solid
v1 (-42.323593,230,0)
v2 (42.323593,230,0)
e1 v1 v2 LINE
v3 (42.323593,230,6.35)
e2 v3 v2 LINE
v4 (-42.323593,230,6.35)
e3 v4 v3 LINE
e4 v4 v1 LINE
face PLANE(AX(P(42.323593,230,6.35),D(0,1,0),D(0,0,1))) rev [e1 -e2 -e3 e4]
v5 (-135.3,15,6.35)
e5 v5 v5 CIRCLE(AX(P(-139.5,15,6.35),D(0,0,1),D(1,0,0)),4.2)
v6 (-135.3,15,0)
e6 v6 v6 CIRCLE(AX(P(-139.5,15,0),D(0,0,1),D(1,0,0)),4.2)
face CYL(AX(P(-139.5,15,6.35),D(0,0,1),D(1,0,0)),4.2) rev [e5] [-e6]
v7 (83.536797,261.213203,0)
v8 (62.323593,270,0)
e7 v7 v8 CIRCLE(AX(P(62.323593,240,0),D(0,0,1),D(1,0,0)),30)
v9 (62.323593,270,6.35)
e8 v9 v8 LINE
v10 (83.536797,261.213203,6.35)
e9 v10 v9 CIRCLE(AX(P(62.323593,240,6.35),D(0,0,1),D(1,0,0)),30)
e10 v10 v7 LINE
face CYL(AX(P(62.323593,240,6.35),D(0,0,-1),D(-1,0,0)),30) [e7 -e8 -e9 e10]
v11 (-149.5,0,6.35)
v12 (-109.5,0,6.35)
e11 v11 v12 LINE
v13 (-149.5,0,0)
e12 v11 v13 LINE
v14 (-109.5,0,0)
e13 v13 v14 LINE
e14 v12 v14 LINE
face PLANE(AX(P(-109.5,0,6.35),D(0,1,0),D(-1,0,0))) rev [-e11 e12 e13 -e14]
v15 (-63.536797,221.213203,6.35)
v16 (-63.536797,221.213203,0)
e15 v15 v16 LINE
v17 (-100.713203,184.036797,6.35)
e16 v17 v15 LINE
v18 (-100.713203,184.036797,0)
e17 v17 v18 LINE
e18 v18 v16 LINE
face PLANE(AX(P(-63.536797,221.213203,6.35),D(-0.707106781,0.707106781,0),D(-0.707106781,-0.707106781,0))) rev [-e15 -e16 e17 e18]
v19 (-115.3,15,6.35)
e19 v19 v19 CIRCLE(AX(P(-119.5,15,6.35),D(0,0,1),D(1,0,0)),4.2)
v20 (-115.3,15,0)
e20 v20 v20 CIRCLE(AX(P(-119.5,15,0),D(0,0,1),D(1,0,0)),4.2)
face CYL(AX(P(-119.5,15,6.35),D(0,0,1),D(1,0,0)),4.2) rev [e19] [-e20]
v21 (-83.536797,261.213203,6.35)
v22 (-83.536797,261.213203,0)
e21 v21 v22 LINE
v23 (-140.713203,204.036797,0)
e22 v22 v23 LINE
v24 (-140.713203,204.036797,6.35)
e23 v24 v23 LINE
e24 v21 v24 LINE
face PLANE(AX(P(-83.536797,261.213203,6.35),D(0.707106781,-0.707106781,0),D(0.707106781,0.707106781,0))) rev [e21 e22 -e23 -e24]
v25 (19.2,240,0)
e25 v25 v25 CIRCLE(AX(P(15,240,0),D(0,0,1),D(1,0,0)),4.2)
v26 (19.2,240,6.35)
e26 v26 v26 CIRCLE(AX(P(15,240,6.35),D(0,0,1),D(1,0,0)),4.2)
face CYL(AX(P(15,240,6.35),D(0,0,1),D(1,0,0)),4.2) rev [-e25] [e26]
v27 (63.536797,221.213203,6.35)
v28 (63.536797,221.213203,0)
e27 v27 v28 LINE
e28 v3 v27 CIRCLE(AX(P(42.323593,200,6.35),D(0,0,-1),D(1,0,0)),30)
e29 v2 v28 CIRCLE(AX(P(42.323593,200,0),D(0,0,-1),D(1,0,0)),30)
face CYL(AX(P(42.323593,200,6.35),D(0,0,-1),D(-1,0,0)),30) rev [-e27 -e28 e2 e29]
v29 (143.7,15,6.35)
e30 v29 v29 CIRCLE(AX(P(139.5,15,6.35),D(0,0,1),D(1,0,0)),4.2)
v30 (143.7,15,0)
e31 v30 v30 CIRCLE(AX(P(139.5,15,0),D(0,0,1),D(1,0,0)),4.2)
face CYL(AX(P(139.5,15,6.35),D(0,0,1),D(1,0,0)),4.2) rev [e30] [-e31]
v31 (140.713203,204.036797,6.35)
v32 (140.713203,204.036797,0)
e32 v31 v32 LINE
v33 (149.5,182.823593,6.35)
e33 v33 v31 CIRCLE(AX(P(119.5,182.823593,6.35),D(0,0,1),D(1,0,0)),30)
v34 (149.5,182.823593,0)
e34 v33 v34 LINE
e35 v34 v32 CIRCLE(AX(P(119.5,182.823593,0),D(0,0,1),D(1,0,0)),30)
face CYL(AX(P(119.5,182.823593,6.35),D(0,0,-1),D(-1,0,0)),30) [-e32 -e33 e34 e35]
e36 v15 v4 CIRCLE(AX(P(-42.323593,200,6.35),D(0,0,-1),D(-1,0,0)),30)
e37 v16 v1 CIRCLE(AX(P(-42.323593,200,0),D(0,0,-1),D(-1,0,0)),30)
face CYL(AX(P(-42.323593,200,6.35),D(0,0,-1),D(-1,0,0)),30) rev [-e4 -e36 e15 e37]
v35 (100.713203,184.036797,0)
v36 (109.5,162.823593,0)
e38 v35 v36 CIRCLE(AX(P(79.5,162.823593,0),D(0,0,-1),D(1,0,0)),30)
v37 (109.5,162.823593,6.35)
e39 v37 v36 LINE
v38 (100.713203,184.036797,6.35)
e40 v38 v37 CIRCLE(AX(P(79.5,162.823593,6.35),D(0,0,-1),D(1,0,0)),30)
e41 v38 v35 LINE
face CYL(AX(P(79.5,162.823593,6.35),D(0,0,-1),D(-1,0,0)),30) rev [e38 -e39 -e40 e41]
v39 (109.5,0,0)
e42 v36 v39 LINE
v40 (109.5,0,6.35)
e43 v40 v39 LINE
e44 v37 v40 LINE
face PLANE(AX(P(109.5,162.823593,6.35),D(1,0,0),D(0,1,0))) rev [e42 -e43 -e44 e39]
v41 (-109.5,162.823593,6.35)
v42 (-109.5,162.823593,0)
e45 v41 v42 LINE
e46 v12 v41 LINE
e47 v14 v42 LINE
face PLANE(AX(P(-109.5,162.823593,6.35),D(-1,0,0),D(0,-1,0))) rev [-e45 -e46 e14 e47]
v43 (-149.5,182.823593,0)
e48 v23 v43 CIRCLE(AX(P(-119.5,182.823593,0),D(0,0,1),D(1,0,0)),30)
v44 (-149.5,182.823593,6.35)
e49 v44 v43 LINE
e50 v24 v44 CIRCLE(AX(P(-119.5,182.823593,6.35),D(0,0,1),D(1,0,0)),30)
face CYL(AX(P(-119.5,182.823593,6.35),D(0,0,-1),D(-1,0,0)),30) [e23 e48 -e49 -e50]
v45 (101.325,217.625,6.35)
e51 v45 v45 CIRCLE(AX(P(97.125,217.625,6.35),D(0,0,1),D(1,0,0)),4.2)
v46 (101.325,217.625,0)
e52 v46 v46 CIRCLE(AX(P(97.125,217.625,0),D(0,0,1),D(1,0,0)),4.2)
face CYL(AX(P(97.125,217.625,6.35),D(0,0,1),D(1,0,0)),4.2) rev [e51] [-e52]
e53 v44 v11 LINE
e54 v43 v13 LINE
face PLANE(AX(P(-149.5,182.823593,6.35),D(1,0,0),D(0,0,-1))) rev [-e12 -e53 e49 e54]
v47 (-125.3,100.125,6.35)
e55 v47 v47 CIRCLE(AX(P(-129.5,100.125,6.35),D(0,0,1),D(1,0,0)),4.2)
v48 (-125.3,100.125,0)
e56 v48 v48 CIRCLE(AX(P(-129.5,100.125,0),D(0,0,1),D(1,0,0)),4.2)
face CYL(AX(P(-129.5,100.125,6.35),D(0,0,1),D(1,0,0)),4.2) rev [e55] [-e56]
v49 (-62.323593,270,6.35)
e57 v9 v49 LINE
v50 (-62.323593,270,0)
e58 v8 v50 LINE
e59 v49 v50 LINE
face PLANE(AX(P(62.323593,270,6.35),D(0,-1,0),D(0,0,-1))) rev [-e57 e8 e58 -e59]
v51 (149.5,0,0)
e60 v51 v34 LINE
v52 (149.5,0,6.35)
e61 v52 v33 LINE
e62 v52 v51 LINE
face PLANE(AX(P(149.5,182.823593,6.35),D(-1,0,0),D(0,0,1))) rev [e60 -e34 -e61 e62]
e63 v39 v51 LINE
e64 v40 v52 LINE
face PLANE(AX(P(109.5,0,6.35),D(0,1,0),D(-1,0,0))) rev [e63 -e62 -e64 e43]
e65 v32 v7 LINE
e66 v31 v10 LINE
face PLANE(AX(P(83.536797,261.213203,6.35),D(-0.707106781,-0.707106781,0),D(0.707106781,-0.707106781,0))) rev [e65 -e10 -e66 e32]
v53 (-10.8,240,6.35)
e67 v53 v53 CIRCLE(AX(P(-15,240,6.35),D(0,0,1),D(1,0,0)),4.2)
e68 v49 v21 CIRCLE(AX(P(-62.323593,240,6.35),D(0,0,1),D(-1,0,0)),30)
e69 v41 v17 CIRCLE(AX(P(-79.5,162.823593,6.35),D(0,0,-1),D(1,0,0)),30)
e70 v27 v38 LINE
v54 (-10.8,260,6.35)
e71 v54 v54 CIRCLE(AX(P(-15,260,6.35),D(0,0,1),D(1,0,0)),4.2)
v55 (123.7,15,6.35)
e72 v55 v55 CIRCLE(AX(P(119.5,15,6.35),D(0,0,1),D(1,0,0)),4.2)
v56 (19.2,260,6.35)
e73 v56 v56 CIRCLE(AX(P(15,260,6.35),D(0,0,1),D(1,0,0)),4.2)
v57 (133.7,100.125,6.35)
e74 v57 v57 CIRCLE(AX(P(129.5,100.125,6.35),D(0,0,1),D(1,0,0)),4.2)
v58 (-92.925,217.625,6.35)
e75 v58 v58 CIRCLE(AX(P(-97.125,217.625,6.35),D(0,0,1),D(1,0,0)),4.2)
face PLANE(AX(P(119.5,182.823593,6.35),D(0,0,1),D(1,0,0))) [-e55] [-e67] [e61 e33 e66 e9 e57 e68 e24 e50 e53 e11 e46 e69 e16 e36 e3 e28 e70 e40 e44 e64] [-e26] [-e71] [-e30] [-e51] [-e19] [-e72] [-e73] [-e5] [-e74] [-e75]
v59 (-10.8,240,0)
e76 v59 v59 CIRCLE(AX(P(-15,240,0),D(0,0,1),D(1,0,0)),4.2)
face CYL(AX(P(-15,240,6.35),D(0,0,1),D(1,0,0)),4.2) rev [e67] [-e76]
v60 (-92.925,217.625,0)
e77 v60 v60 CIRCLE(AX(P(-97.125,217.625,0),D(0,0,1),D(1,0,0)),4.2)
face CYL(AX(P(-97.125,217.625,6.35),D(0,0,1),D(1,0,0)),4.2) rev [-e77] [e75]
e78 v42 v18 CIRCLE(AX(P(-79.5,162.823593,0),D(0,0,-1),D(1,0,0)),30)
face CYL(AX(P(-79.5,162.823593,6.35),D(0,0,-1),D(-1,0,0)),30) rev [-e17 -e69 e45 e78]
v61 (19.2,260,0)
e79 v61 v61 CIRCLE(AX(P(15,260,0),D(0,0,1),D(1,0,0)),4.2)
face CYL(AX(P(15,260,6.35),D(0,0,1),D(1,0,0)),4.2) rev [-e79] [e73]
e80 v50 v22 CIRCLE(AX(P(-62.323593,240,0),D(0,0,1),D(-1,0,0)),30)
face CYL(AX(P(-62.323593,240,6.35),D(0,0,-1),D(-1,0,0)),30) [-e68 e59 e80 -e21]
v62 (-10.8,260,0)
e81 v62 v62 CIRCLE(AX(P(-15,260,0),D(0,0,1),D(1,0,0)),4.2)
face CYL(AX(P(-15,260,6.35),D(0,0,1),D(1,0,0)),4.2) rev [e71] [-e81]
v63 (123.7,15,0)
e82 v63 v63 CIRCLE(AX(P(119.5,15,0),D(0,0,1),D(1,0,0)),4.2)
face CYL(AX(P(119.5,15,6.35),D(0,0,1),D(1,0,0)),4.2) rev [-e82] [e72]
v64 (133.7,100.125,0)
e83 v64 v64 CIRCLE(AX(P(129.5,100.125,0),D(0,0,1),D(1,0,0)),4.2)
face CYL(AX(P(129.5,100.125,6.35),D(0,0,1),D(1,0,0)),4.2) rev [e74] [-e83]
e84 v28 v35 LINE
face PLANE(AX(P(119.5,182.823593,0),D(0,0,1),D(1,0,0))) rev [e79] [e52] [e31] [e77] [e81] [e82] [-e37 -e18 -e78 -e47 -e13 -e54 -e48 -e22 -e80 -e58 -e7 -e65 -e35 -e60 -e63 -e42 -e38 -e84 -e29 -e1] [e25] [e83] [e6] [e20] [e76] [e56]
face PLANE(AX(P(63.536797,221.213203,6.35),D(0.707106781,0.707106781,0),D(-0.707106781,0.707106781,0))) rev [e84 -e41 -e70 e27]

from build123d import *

# Parameters (mm, degrees)
SALIENTE_EXTRUIR1_DEPTH      = 6.35
TALADRO_DE_MARGEN_PARA_M81_D = 8.4


with BuildPart() as part:
    # Croquis1 → Saliente-Extruir1 (new body)
    with BuildSketch(Plane.XY):
        with BuildLine():
            Line((-63.536796564, 221.213203436), (-100.713203436, 184.036796564))
            ThreePointArc((-100.713203436, 184.036796564), (-107.216385975, 174.3040961), (-109.5, 162.823593129))
            Line((-109.5, 162.823593129), (-109.5, 0))
            Line((-109.5, 0), (-149.5, 0))
            Line((-149.5, 0), (-149.5, 182.823593129))
            ThreePointArc((-149.5, 182.823593129), (-147.216385975, 194.3040961), (-140.713203436, 204.036796564))
            Line((-140.713203436, 204.036796564), (-83.536796564, 261.213203436))
            ThreePointArc((-83.536796564, 261.213203436), (-73.8040961, 267.716385975), (-62.323593129, 270))
            Line((-62.323593129, 270), (62.323593129, 270))
            ThreePointArc((62.323593129, 270), (73.8040961, 267.716385975), (83.536796564, 261.213203436))
            Line((83.536796564, 261.213203436), (140.713203436, 204.036796564))
            ThreePointArc((140.713203436, 204.036796564), (147.216385975, 194.3040961), (149.5, 182.823593129))
            Line((149.5, 182.823593129), (149.5, 0))
            Line((149.5, 0), (109.5, 0))
            Line((109.5, 0), (109.5, 162.823593129))
            ThreePointArc((109.5, 162.823593129), (107.216385975, 174.3040961), (100.713203436, 184.036796564))
            Line((100.713203436, 184.036796564), (63.536796564, 221.213203436))
            ThreePointArc((63.536796564, 221.213203436), (53.8040961, 227.716385975), (42.323593129, 230))
            Line((42.323593129, 230), (-42.323593129, 230))
            ThreePointArc((-42.323593129, 230), (-53.8040961, 227.716385975), (-63.536796564, 221.213203436))
        make_face()
    extrude(amount=SALIENTE_EXTRUIR1_DEPTH)

    # Taladro de margen para M81 (through all)
    with Locations(Plane.XY.offset(6.35)):
        with Locations((-119.5, 15), (-139.5, 15), (0, 15), (139.5, 15), (-15, 260), (-15, 240), (15, 240), (15, 260), (-129.5, 100.125), (-97.125, 217.625), (129.5, 100.125), (97.125, 217.625), (119.5, 15)):
            Hole(TALADRO_DE_MARGEN_PARA_M81_D / 2)


solid = part.part
